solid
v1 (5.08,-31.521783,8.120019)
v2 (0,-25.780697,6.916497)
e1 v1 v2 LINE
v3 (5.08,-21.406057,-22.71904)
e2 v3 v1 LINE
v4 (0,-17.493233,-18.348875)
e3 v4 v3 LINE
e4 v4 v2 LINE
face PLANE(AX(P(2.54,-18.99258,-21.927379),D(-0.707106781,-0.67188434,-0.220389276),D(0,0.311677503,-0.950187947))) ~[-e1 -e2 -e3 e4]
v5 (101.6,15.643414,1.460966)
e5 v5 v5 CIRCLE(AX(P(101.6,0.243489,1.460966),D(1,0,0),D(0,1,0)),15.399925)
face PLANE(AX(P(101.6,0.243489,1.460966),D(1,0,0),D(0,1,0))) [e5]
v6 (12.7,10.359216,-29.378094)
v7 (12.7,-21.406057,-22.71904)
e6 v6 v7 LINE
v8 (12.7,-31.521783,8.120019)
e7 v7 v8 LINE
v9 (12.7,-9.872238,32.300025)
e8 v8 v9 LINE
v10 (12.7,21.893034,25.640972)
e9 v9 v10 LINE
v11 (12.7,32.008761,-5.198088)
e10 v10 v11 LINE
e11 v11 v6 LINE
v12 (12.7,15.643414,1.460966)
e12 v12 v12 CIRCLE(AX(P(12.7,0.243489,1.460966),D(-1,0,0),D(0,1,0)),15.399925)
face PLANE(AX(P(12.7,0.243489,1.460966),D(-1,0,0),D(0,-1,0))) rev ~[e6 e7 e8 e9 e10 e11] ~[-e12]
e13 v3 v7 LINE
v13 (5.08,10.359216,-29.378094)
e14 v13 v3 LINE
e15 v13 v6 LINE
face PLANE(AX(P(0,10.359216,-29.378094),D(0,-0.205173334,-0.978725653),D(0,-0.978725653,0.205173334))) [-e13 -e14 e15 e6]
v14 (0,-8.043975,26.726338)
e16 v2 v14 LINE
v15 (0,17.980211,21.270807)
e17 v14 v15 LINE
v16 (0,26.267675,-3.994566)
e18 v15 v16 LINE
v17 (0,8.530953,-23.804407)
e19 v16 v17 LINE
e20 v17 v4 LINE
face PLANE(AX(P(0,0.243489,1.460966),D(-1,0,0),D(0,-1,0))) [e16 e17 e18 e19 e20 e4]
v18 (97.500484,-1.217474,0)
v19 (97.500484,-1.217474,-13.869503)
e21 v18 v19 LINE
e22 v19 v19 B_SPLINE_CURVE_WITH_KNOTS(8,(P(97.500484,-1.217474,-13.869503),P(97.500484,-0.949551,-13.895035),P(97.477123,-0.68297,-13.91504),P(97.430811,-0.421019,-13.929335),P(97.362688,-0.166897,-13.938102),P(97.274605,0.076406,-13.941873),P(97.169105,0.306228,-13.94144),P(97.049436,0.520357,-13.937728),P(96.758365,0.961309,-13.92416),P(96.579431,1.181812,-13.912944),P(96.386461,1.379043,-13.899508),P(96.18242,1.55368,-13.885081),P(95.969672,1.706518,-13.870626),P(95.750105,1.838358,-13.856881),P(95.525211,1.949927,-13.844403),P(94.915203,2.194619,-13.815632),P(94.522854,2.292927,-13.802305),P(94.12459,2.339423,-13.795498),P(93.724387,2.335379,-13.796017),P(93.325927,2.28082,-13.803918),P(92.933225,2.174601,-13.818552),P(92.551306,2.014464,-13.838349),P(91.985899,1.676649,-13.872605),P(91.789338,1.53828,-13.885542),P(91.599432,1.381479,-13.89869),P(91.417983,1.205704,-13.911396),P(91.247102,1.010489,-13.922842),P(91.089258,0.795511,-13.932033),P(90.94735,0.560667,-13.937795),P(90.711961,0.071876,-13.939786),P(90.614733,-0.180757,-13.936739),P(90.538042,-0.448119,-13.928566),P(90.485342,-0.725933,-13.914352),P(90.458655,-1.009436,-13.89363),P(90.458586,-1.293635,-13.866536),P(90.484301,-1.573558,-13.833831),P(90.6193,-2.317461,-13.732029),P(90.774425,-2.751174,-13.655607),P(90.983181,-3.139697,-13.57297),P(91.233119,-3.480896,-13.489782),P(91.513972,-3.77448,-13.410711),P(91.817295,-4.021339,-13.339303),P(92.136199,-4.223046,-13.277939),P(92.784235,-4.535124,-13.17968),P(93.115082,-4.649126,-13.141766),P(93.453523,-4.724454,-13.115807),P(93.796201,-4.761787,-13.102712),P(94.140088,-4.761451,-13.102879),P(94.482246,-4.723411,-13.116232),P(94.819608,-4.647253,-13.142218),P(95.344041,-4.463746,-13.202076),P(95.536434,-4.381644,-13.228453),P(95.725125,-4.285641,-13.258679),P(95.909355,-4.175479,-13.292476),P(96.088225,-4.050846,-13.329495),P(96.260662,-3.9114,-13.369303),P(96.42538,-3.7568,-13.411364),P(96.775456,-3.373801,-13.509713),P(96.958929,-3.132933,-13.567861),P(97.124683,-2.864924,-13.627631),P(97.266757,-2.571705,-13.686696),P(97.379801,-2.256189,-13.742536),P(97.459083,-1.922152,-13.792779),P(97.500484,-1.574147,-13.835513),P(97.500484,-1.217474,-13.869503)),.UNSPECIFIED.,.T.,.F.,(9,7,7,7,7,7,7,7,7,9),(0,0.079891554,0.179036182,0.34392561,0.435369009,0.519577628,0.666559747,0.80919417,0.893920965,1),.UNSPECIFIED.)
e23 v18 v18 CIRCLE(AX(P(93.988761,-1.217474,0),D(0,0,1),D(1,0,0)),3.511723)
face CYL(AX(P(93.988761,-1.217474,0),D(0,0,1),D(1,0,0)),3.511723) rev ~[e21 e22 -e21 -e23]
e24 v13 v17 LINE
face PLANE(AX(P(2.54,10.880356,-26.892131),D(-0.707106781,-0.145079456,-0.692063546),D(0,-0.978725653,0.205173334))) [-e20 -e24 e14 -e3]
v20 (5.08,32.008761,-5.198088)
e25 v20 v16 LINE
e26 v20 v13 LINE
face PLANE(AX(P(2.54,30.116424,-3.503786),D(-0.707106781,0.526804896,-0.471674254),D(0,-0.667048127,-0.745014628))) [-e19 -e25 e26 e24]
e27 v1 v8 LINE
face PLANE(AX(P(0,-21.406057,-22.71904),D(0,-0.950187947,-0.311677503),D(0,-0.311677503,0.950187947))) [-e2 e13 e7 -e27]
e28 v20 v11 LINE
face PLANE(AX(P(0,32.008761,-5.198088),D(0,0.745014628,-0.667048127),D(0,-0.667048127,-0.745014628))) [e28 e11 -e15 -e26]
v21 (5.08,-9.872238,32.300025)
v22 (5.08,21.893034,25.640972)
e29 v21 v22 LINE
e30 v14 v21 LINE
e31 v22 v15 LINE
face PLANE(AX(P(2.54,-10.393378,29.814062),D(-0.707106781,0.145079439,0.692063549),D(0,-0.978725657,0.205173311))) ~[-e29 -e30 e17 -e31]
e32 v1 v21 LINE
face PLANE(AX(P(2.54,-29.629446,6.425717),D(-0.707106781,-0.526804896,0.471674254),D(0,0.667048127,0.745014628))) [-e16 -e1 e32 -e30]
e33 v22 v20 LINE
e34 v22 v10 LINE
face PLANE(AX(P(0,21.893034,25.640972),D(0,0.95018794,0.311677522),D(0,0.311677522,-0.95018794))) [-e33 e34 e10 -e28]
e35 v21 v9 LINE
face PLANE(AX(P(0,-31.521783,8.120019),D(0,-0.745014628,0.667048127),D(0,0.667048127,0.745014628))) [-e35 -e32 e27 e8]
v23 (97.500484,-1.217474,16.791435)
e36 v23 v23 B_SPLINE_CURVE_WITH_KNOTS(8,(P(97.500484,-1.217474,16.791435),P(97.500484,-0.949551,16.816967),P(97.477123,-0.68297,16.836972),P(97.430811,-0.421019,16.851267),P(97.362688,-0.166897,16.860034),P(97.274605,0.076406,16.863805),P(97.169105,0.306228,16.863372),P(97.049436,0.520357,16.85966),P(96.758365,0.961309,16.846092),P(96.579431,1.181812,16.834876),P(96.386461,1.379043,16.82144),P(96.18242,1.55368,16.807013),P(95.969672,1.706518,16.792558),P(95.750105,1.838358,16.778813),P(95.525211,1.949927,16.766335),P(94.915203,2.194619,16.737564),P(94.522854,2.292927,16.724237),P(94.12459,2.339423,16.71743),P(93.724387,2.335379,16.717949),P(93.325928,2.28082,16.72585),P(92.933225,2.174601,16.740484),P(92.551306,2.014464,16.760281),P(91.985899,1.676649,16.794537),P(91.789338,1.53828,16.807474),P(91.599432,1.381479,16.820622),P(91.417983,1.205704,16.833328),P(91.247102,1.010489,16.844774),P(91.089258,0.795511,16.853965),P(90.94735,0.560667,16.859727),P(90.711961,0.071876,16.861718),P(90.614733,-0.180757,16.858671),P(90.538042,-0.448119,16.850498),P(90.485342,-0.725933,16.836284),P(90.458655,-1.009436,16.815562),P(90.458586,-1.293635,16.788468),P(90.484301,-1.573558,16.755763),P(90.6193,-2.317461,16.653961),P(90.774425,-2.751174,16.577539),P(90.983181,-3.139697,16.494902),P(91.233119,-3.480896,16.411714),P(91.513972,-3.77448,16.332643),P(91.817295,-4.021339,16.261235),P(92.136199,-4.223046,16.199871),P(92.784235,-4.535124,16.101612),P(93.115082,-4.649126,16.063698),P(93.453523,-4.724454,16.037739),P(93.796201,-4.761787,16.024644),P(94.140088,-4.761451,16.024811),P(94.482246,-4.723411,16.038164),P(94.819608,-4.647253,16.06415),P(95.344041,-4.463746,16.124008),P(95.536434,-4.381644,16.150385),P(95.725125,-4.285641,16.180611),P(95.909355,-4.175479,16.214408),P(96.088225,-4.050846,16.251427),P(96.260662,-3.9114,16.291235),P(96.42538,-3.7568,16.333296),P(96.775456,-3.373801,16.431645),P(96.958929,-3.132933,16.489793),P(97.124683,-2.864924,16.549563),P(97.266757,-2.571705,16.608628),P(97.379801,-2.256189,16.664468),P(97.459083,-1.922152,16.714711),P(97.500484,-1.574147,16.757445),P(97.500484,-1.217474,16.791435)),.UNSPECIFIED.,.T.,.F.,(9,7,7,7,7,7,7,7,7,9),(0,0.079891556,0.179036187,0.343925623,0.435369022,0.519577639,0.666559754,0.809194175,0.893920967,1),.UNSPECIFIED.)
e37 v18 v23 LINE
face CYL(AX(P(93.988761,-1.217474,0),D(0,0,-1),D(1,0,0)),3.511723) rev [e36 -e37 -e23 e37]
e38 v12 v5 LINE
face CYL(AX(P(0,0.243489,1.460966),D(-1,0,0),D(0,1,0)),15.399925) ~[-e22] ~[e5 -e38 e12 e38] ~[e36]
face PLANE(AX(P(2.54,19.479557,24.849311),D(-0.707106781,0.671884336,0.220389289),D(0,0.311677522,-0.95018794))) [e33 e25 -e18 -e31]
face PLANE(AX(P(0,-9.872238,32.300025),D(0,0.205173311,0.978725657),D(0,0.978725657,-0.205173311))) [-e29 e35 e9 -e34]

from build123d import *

# Parameters (mm, degrees)
F0_R          = 15.399925
F1_DEPTH      = 101.6
F2_R          = 15.399925
F3_DEPTH      = 12.7
F4_SIZE       = 5.08
F5_R          = 3.511723
F6_DEPTH      = 32.301025
F6_DEPTH_BACK = 29.379094


with BuildPart() as f1:
    # F0 (on Right) → F1 (new body)
    with BuildSketch(Plane.YZ):
        with Locations((0.243489, 1.460966)):
            Circle(F0_R)
    extrude(amount=F1_DEPTH)

    # F2 (on face) → F3 (join)
    with BuildSketch(Plane(origin=(0, 0, 0), x_dir=(0, -1, 0), z_dir=(-1, 0, 0))):
        Polygon((31.521783, 8.120019), (9.872238, 32.300025), (-21.893034, 25.640972), (-32.008761, -5.198088), (-10.359216, -29.378094), (21.406057, -22.71904), align=None)
        with Locations((-0.243489, 1.460966)):
            Circle(F2_R, mode=Mode.SUBTRACT)
    extrude(amount=-F3_DEPTH)

    # F4
    f4_edges = [f1.edges().sort_by_distance(p)[0] for p in [
        (0, 26.950898, 10.221442),
        (0, 6.010398, 28.970498),
        (0, -20.697011, 20.210022),
        (0, -26.46392, -7.299511),
        (0, -5.52342, -26.048567),
        (0, 21.183988, -17.288091),
    ]]
    chamfer(f4_edges, length=F4_SIZE)

    # F5 (on Top) → F6 (cut, two sides)
    with BuildSketch(Plane.XY) as f6_sk:
        with Locations((93.988761, -1.217474)):
            Circle(F5_R)
    extrude(amount=F6_DEPTH, mode=Mode.SUBTRACT)
    extrude(f6_sk.sketch, amount=-F6_DEPTH_BACK, mode=Mode.SUBTRACT)


solid = f1.part
